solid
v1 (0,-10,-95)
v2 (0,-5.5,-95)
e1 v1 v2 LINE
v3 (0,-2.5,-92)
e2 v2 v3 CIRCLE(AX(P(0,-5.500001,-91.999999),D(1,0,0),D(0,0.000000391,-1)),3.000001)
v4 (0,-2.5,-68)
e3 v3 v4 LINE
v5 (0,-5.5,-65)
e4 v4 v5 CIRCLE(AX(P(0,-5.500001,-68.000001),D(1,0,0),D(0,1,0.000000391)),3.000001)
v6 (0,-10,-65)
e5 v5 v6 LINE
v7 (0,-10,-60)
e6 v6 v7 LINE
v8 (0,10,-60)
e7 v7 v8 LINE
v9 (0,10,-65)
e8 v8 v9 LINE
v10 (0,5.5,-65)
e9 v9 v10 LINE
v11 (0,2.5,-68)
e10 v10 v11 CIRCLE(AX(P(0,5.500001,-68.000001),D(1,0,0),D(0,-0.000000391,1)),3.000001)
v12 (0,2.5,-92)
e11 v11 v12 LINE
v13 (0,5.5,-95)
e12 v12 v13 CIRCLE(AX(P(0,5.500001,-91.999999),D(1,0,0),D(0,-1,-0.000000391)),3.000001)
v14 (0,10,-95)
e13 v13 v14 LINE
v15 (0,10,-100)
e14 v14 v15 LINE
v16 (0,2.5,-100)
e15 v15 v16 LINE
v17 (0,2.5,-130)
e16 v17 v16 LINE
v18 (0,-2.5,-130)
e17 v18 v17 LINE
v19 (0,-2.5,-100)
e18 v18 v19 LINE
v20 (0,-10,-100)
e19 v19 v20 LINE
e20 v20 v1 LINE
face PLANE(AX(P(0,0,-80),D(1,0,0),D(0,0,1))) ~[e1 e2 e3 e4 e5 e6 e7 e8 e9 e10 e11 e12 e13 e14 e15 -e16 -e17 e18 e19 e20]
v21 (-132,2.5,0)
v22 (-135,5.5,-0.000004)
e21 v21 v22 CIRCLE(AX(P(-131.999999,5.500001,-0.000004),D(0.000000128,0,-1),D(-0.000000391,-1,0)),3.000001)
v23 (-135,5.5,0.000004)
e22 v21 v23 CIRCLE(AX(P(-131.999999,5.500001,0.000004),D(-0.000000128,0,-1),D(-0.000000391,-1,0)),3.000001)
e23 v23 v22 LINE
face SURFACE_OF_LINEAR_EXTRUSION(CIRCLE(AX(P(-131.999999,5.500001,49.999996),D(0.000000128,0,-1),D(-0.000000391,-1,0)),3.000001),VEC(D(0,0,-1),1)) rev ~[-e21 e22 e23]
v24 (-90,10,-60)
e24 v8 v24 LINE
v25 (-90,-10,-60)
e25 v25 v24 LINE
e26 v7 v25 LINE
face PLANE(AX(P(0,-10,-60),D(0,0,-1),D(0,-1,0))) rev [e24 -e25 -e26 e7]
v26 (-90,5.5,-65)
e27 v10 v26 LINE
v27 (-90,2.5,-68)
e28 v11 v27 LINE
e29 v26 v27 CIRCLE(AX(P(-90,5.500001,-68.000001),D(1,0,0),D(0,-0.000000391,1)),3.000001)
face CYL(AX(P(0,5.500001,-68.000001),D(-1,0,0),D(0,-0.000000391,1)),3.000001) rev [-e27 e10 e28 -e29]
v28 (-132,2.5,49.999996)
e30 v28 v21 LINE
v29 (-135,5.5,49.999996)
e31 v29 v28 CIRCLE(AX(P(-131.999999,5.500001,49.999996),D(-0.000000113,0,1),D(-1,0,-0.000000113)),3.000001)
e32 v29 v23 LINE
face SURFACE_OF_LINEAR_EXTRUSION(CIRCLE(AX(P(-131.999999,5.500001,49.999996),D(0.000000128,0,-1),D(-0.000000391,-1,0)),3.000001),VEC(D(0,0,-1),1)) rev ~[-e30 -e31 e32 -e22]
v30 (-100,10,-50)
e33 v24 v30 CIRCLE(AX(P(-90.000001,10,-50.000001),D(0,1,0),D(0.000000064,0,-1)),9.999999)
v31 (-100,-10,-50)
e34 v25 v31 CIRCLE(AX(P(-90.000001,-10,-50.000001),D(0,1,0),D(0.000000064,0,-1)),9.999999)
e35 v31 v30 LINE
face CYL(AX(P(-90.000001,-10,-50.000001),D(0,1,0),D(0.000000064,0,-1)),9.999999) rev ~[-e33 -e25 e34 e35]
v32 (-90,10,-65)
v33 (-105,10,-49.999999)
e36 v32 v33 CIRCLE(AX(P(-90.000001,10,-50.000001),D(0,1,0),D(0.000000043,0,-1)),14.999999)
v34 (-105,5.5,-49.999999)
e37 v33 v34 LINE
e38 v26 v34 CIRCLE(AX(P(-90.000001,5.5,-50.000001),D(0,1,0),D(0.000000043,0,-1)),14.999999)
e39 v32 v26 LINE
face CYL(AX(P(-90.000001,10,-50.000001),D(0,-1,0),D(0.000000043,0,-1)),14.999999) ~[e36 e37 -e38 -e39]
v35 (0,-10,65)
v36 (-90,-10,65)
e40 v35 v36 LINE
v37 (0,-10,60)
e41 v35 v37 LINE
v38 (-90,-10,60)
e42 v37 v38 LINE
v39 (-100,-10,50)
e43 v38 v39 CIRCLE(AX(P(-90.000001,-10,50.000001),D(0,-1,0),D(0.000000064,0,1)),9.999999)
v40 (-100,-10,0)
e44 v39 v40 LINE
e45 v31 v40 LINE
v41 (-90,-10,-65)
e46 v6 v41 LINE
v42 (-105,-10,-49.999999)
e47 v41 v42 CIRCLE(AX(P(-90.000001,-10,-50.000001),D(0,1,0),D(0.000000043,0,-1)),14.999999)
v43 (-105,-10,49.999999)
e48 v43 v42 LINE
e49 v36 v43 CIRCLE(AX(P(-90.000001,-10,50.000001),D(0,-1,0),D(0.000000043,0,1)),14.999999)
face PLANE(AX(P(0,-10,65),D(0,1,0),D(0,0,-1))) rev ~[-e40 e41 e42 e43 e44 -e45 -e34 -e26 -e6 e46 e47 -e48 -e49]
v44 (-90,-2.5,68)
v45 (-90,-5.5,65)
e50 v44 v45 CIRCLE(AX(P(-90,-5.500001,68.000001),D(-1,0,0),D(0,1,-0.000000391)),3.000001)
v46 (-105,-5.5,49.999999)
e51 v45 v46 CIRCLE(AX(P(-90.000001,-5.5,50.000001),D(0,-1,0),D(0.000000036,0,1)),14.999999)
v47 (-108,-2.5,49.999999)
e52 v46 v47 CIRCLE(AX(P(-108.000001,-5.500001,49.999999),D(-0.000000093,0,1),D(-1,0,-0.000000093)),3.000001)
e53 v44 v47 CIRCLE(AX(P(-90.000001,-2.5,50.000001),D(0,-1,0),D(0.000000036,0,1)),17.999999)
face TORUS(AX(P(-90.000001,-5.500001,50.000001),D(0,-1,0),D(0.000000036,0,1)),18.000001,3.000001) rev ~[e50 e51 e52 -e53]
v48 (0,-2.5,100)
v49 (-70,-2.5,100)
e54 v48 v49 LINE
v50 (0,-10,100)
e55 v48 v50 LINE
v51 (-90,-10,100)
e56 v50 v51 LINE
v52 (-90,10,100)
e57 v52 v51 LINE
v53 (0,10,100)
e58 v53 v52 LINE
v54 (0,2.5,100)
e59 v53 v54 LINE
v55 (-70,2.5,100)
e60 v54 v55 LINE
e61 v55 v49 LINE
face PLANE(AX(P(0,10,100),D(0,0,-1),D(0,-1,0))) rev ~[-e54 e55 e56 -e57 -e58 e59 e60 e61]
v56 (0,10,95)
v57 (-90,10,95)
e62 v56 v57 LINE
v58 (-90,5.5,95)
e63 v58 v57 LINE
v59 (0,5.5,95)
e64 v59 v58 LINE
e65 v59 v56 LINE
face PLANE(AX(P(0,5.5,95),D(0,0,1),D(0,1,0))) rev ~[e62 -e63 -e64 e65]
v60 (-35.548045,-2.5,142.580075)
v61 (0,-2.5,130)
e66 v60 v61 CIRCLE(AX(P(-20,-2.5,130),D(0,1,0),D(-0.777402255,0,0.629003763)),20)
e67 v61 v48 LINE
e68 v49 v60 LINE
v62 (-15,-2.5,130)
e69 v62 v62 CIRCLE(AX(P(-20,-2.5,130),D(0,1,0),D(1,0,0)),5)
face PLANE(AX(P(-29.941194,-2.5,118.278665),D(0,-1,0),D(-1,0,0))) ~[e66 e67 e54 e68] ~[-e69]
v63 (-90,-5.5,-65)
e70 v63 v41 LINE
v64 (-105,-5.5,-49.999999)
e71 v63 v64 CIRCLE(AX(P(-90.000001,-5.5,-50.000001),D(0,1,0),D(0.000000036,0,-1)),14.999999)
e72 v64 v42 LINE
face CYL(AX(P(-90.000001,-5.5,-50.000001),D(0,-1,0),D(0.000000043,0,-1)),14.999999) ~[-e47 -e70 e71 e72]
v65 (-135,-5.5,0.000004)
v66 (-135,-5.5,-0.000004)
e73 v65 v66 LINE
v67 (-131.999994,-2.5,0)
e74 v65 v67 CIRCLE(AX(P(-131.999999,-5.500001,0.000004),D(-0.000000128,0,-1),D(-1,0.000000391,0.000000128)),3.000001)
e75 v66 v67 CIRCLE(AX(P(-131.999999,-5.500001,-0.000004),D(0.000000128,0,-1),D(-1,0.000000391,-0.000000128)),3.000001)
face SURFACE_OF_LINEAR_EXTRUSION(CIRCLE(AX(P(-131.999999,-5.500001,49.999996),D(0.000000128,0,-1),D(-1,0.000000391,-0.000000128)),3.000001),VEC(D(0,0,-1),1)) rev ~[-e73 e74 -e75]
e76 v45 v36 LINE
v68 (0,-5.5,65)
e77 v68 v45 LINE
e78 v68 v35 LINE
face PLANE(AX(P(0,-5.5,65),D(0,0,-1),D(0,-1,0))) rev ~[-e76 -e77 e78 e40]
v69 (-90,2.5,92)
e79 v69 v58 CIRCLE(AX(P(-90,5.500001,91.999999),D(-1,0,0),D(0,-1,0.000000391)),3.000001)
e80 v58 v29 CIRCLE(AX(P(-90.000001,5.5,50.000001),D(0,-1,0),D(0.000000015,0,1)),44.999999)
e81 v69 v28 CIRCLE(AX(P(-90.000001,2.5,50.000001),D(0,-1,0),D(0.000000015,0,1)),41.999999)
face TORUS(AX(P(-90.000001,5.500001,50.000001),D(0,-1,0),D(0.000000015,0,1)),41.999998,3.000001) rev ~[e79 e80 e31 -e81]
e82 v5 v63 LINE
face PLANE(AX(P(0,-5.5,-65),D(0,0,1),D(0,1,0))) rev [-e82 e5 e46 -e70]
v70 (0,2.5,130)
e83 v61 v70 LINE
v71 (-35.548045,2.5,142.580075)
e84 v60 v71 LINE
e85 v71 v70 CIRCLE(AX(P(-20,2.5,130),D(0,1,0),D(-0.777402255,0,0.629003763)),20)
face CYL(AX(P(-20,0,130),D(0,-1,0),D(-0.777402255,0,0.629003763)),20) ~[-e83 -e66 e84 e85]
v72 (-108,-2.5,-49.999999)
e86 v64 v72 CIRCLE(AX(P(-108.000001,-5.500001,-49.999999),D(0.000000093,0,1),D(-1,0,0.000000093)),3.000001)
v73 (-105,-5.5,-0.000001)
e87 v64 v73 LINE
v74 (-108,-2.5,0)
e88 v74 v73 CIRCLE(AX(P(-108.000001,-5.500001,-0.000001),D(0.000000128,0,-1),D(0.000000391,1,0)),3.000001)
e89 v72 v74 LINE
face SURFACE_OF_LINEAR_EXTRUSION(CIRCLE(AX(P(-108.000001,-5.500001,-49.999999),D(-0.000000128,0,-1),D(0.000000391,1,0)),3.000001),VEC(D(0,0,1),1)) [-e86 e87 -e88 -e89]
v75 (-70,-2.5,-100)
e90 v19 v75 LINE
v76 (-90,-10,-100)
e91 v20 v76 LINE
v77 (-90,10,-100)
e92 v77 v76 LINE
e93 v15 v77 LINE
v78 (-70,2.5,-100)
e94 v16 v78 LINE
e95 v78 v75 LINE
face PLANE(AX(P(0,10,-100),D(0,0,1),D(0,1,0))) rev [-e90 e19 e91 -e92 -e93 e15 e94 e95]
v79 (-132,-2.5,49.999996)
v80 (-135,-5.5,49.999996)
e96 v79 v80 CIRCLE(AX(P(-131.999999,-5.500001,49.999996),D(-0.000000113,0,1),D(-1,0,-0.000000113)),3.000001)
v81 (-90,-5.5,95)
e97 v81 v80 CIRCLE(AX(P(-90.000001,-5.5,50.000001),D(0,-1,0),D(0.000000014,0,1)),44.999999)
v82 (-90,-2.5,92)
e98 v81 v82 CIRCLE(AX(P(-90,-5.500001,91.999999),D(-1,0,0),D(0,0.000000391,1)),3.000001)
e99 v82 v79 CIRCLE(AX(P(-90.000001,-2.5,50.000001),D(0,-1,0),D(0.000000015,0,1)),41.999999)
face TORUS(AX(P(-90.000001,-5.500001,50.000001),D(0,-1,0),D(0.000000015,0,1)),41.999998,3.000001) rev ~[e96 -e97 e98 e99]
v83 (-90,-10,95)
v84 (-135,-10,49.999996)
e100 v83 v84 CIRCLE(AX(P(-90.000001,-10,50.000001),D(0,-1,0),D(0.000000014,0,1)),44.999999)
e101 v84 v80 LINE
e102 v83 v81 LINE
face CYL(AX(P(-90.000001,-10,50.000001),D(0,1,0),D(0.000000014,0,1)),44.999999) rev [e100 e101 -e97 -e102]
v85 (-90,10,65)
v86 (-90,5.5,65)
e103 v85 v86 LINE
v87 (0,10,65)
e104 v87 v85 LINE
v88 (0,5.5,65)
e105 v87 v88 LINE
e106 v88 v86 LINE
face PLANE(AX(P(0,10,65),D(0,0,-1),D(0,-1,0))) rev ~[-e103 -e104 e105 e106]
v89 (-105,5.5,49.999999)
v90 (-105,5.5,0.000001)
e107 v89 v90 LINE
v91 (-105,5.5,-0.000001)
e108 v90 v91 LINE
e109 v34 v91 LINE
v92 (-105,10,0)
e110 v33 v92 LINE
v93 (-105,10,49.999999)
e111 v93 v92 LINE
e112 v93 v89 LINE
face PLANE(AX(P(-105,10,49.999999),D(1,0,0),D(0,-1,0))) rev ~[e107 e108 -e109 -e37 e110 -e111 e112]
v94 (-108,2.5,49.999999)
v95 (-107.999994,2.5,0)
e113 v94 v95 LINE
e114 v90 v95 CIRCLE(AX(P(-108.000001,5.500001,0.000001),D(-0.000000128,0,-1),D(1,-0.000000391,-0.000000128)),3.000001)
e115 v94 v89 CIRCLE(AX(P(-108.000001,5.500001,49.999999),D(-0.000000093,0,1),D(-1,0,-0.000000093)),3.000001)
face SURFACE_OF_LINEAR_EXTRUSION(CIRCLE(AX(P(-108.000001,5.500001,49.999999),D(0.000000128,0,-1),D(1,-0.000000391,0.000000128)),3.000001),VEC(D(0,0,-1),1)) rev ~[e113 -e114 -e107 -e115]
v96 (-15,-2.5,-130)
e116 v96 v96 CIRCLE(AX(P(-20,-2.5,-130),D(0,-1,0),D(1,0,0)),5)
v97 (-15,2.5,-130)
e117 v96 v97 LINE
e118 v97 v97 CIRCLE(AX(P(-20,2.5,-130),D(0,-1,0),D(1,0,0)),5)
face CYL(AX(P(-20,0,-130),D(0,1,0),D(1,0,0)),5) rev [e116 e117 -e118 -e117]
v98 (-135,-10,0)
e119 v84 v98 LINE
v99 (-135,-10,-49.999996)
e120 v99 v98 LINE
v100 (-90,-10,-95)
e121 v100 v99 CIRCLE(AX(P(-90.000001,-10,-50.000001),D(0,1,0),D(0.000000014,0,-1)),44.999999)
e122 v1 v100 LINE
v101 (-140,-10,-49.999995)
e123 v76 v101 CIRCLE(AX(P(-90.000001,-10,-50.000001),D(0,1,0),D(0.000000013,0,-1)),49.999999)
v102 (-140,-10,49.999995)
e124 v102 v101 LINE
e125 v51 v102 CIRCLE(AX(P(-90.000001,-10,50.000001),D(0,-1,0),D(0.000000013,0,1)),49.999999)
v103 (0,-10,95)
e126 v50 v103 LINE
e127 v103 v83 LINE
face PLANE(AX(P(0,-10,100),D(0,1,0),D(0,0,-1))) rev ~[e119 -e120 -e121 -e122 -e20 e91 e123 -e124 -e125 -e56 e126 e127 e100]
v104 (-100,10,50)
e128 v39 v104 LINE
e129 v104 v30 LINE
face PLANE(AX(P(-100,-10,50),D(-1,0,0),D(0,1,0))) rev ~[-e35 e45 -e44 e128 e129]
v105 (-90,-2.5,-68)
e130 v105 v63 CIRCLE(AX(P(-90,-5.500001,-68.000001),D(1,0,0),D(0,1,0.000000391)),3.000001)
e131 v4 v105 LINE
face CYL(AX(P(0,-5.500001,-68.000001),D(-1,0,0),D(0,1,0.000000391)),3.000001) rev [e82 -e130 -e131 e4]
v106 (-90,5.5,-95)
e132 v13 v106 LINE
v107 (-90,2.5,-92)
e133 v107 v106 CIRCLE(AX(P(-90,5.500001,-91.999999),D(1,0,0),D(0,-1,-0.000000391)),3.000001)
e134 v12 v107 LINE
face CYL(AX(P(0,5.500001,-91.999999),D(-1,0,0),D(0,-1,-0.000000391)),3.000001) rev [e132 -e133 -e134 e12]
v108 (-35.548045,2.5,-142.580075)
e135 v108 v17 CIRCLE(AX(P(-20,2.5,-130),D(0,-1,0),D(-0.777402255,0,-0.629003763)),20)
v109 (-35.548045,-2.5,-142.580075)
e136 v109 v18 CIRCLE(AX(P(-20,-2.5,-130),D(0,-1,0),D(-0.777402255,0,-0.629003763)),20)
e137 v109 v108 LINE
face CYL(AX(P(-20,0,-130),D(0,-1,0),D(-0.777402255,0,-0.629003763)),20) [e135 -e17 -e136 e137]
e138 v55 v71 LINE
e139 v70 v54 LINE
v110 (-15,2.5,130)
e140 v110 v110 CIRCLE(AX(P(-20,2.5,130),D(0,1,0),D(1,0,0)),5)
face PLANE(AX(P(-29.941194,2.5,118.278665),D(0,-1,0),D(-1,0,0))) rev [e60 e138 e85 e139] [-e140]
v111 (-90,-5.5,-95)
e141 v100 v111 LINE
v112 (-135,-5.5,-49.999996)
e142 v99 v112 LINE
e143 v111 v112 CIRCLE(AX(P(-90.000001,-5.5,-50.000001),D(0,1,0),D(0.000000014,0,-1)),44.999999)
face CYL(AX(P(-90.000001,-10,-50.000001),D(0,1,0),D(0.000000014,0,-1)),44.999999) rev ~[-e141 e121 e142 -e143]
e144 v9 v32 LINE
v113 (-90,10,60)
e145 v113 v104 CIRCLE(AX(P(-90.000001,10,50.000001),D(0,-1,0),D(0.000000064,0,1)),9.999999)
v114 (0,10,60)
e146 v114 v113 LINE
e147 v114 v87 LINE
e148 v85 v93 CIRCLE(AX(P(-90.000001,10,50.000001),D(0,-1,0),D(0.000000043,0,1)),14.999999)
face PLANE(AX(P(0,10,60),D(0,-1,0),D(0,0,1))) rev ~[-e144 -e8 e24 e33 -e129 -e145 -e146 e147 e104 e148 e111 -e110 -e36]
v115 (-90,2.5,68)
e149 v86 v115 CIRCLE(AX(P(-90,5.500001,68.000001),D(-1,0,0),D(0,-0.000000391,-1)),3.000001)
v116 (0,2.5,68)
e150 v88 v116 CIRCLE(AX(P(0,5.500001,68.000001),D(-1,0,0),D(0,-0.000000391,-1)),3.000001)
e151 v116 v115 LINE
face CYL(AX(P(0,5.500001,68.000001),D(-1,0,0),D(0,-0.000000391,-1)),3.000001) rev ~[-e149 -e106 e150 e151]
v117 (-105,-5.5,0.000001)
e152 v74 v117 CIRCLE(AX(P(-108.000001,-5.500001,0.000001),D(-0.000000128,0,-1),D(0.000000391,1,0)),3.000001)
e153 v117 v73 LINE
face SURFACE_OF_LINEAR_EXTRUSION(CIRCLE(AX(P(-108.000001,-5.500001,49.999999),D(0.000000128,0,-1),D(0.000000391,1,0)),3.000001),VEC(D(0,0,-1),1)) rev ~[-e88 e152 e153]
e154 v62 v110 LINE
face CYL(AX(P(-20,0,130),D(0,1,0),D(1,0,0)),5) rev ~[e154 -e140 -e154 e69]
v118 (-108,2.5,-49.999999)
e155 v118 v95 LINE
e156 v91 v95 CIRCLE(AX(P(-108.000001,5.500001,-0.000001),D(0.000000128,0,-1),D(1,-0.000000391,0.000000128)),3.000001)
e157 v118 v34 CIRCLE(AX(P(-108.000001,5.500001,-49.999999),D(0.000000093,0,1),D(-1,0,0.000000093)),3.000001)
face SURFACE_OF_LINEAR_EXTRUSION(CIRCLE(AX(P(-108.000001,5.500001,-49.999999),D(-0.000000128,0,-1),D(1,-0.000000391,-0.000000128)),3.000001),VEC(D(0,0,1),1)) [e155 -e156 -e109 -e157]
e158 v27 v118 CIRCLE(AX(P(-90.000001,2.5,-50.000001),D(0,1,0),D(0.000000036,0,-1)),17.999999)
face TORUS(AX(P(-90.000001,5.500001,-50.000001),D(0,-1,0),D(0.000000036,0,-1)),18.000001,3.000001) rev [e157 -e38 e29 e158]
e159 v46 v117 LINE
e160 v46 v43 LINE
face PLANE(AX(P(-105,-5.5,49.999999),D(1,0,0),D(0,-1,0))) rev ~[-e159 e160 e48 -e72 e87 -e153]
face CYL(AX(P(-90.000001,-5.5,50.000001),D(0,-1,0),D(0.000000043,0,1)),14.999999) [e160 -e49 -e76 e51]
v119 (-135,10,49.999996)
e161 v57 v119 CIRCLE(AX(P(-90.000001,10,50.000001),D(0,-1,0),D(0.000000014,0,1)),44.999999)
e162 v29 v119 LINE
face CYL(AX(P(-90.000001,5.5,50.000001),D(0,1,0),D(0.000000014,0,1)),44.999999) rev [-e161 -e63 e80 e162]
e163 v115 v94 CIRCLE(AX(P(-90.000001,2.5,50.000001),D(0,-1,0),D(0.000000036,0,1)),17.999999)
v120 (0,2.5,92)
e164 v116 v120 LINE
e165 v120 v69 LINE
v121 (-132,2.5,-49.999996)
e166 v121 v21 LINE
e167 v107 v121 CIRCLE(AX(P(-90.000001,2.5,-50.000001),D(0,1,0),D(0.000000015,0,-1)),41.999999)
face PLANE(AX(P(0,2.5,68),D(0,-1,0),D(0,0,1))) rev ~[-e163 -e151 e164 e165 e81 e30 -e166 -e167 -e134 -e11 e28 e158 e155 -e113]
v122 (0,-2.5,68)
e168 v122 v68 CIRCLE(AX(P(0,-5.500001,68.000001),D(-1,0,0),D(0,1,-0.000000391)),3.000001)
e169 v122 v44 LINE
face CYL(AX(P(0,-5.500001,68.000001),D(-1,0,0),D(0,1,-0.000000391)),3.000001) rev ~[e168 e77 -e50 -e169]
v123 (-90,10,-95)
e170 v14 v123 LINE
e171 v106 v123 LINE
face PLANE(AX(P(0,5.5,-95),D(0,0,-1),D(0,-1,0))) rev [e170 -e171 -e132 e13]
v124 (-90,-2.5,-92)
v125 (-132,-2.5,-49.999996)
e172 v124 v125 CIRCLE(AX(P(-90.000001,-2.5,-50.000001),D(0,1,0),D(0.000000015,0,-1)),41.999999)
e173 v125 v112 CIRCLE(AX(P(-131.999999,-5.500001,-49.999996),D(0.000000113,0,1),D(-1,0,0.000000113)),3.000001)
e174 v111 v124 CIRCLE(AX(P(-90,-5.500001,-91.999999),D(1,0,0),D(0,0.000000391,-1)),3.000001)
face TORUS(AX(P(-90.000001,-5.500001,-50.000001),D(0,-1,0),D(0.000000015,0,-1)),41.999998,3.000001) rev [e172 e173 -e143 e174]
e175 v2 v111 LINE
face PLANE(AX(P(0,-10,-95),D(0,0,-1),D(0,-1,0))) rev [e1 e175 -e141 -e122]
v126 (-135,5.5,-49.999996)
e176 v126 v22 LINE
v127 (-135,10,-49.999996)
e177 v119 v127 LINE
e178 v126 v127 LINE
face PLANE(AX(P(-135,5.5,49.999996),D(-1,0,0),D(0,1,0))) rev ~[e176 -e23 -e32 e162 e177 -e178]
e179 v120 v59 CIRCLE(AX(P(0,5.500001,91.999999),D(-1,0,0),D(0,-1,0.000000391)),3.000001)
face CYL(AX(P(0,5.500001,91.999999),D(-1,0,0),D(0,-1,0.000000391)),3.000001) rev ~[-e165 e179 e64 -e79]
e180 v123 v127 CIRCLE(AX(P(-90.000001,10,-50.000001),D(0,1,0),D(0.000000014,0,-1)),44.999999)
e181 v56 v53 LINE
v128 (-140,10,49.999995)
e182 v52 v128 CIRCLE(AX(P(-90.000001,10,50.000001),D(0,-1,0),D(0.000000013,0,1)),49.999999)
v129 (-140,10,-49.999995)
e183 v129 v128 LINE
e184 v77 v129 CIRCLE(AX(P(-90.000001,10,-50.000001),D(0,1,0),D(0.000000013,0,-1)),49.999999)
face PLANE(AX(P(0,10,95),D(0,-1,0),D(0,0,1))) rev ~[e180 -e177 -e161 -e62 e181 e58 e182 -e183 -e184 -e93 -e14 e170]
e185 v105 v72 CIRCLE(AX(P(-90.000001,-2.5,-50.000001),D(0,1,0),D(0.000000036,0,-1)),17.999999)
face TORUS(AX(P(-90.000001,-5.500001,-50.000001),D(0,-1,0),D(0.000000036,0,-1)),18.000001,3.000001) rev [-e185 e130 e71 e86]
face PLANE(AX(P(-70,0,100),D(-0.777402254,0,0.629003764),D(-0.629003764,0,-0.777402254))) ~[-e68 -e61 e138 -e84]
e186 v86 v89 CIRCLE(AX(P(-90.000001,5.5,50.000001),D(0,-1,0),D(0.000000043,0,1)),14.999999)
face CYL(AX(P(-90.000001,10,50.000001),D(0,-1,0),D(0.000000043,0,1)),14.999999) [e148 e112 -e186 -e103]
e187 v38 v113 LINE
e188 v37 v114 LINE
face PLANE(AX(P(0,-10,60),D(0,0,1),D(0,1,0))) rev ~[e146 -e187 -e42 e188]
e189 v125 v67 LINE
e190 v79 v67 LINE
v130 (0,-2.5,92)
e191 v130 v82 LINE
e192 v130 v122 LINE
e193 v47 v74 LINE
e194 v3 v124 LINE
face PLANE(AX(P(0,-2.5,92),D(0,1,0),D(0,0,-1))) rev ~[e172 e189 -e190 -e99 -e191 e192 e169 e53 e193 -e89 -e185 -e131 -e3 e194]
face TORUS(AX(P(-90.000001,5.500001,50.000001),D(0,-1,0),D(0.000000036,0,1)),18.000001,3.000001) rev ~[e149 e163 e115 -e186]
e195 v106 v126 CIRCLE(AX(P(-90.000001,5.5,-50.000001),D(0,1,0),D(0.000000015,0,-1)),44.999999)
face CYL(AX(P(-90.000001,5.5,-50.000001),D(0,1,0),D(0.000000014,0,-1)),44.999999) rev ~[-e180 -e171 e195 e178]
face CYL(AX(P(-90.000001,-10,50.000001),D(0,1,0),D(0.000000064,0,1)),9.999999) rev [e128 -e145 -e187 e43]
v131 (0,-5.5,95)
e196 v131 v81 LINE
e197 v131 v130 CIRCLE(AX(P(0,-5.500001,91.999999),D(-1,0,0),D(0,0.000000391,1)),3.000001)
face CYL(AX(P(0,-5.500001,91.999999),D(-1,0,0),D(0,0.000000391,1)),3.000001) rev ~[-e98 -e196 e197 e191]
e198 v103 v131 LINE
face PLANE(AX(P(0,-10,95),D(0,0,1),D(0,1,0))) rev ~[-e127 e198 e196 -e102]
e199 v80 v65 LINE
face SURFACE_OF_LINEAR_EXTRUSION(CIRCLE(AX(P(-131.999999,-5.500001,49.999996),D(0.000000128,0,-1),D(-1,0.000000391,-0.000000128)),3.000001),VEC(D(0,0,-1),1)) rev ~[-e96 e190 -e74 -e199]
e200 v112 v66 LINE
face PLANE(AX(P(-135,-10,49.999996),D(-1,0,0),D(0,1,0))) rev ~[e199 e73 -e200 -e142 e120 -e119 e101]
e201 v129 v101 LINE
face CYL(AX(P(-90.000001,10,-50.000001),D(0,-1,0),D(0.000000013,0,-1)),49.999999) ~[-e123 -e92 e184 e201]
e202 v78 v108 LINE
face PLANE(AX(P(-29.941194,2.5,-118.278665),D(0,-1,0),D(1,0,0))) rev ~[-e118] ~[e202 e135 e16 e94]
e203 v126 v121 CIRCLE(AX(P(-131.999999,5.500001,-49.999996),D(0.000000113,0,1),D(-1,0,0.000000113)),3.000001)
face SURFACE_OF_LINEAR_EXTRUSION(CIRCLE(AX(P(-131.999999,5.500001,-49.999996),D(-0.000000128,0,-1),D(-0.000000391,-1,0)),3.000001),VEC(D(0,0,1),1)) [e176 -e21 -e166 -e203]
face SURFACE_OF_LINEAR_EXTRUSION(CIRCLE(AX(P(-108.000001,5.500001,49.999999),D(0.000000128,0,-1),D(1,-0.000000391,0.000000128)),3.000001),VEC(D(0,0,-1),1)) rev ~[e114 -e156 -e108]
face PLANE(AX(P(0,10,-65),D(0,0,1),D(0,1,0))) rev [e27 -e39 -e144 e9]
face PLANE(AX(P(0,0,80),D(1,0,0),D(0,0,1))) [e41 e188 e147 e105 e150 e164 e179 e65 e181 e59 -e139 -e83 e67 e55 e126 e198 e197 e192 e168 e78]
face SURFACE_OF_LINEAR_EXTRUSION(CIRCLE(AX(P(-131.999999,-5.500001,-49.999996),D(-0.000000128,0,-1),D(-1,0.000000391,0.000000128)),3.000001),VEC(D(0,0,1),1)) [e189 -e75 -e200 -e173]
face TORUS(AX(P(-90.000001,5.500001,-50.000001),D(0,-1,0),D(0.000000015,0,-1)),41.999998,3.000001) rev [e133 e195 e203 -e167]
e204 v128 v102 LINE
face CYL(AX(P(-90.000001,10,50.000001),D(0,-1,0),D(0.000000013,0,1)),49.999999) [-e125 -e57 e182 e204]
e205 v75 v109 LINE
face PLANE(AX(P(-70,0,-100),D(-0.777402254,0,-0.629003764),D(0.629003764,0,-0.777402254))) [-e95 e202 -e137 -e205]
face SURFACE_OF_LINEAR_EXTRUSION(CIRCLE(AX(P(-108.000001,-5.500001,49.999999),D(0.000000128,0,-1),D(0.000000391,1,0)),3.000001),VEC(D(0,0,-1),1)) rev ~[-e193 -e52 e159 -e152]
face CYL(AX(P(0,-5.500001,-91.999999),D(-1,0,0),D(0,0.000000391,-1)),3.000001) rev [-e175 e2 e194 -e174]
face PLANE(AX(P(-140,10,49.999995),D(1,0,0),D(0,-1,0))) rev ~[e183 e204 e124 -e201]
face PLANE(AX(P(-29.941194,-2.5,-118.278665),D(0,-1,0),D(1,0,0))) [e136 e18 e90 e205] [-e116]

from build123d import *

# Parameters (mm, degrees)
F4_R     = 5
F5_DEPTH = 2.5


with BuildPart() as f2:
    # F2: sweep along a path in F0
    with BuildLine(Plane.XZ) as f2_path:
        Line((0, 60), (-90, 60))
        ThreePointArc((-90, 60), (-97.071068, 57.071068), (-100, 50))
        Line((-100, 50), (-100, 0))
    # F1 (on Right) → F2 (sweep)
    with BuildSketch(Plane.YZ):
        with BuildLine():
            Line((10, 100), (0, 100))
            Line((0, 100), (-10, 100))
            Line((-10, 100), (-10, 95))
            Line((-10, 95), (-5.5, 95))
            ThreePointArc((-5.5, 95), (-3.37868, 94.12132), (-2.5, 92))
            Line((-2.5, 92), (-2.5, 68))
            ThreePointArc((-2.5, 68), (-3.37868, 65.87868), (-5.5, 65))
            Line((-5.5, 65), (-10, 65))
            Line((-10, 65), (-10, 60))
            Line((-10, 60), (0, 60))
            Line((0, 60), (10, 60))
            Line((10, 60), (10, 65))
            Line((10, 65), (5.5, 65))
            ThreePointArc((5.5, 65), (3.37868, 65.87868), (2.5, 68))
            Line((2.5, 68), (2.5, 92))
            ThreePointArc((2.5, 92), (3.37868, 94.12132), (5.5, 95))
            Line((5.5, 95), (10, 95))
            Line((10, 95), (10, 100))
        make_face()
    sweep(path=f2_path.line)

    # F3: F2 across plane


with BuildPart() as f2_1:
    add(f2.part)
    add(f2.part.mirror(Plane.XY))

    # F4 (on Front) → F5 (join, symmetric)
    with BuildSketch(Plane.XZ):
        with BuildLine():
            Line((0, -130), (0, -100))
            Line((0, -100), (-70, -100))
            Line((-70, -100), (-35.548045, -142.580075))
            ThreePointArc((-35.548045, -142.580075), (-13.327703, -148.854189), (0, -130))
        make_face()
        with Locations((-20, -130)):
            Circle(F4_R, mode=Mode.SUBTRACT)
    extrude(amount=F5_DEPTH, both=True)

    # F6: F2 across plane


with BuildPart() as f2_2:
    add(f2_1.part)
    add(f2_1.part.mirror(Plane.XY))


solid = f2_2.part
